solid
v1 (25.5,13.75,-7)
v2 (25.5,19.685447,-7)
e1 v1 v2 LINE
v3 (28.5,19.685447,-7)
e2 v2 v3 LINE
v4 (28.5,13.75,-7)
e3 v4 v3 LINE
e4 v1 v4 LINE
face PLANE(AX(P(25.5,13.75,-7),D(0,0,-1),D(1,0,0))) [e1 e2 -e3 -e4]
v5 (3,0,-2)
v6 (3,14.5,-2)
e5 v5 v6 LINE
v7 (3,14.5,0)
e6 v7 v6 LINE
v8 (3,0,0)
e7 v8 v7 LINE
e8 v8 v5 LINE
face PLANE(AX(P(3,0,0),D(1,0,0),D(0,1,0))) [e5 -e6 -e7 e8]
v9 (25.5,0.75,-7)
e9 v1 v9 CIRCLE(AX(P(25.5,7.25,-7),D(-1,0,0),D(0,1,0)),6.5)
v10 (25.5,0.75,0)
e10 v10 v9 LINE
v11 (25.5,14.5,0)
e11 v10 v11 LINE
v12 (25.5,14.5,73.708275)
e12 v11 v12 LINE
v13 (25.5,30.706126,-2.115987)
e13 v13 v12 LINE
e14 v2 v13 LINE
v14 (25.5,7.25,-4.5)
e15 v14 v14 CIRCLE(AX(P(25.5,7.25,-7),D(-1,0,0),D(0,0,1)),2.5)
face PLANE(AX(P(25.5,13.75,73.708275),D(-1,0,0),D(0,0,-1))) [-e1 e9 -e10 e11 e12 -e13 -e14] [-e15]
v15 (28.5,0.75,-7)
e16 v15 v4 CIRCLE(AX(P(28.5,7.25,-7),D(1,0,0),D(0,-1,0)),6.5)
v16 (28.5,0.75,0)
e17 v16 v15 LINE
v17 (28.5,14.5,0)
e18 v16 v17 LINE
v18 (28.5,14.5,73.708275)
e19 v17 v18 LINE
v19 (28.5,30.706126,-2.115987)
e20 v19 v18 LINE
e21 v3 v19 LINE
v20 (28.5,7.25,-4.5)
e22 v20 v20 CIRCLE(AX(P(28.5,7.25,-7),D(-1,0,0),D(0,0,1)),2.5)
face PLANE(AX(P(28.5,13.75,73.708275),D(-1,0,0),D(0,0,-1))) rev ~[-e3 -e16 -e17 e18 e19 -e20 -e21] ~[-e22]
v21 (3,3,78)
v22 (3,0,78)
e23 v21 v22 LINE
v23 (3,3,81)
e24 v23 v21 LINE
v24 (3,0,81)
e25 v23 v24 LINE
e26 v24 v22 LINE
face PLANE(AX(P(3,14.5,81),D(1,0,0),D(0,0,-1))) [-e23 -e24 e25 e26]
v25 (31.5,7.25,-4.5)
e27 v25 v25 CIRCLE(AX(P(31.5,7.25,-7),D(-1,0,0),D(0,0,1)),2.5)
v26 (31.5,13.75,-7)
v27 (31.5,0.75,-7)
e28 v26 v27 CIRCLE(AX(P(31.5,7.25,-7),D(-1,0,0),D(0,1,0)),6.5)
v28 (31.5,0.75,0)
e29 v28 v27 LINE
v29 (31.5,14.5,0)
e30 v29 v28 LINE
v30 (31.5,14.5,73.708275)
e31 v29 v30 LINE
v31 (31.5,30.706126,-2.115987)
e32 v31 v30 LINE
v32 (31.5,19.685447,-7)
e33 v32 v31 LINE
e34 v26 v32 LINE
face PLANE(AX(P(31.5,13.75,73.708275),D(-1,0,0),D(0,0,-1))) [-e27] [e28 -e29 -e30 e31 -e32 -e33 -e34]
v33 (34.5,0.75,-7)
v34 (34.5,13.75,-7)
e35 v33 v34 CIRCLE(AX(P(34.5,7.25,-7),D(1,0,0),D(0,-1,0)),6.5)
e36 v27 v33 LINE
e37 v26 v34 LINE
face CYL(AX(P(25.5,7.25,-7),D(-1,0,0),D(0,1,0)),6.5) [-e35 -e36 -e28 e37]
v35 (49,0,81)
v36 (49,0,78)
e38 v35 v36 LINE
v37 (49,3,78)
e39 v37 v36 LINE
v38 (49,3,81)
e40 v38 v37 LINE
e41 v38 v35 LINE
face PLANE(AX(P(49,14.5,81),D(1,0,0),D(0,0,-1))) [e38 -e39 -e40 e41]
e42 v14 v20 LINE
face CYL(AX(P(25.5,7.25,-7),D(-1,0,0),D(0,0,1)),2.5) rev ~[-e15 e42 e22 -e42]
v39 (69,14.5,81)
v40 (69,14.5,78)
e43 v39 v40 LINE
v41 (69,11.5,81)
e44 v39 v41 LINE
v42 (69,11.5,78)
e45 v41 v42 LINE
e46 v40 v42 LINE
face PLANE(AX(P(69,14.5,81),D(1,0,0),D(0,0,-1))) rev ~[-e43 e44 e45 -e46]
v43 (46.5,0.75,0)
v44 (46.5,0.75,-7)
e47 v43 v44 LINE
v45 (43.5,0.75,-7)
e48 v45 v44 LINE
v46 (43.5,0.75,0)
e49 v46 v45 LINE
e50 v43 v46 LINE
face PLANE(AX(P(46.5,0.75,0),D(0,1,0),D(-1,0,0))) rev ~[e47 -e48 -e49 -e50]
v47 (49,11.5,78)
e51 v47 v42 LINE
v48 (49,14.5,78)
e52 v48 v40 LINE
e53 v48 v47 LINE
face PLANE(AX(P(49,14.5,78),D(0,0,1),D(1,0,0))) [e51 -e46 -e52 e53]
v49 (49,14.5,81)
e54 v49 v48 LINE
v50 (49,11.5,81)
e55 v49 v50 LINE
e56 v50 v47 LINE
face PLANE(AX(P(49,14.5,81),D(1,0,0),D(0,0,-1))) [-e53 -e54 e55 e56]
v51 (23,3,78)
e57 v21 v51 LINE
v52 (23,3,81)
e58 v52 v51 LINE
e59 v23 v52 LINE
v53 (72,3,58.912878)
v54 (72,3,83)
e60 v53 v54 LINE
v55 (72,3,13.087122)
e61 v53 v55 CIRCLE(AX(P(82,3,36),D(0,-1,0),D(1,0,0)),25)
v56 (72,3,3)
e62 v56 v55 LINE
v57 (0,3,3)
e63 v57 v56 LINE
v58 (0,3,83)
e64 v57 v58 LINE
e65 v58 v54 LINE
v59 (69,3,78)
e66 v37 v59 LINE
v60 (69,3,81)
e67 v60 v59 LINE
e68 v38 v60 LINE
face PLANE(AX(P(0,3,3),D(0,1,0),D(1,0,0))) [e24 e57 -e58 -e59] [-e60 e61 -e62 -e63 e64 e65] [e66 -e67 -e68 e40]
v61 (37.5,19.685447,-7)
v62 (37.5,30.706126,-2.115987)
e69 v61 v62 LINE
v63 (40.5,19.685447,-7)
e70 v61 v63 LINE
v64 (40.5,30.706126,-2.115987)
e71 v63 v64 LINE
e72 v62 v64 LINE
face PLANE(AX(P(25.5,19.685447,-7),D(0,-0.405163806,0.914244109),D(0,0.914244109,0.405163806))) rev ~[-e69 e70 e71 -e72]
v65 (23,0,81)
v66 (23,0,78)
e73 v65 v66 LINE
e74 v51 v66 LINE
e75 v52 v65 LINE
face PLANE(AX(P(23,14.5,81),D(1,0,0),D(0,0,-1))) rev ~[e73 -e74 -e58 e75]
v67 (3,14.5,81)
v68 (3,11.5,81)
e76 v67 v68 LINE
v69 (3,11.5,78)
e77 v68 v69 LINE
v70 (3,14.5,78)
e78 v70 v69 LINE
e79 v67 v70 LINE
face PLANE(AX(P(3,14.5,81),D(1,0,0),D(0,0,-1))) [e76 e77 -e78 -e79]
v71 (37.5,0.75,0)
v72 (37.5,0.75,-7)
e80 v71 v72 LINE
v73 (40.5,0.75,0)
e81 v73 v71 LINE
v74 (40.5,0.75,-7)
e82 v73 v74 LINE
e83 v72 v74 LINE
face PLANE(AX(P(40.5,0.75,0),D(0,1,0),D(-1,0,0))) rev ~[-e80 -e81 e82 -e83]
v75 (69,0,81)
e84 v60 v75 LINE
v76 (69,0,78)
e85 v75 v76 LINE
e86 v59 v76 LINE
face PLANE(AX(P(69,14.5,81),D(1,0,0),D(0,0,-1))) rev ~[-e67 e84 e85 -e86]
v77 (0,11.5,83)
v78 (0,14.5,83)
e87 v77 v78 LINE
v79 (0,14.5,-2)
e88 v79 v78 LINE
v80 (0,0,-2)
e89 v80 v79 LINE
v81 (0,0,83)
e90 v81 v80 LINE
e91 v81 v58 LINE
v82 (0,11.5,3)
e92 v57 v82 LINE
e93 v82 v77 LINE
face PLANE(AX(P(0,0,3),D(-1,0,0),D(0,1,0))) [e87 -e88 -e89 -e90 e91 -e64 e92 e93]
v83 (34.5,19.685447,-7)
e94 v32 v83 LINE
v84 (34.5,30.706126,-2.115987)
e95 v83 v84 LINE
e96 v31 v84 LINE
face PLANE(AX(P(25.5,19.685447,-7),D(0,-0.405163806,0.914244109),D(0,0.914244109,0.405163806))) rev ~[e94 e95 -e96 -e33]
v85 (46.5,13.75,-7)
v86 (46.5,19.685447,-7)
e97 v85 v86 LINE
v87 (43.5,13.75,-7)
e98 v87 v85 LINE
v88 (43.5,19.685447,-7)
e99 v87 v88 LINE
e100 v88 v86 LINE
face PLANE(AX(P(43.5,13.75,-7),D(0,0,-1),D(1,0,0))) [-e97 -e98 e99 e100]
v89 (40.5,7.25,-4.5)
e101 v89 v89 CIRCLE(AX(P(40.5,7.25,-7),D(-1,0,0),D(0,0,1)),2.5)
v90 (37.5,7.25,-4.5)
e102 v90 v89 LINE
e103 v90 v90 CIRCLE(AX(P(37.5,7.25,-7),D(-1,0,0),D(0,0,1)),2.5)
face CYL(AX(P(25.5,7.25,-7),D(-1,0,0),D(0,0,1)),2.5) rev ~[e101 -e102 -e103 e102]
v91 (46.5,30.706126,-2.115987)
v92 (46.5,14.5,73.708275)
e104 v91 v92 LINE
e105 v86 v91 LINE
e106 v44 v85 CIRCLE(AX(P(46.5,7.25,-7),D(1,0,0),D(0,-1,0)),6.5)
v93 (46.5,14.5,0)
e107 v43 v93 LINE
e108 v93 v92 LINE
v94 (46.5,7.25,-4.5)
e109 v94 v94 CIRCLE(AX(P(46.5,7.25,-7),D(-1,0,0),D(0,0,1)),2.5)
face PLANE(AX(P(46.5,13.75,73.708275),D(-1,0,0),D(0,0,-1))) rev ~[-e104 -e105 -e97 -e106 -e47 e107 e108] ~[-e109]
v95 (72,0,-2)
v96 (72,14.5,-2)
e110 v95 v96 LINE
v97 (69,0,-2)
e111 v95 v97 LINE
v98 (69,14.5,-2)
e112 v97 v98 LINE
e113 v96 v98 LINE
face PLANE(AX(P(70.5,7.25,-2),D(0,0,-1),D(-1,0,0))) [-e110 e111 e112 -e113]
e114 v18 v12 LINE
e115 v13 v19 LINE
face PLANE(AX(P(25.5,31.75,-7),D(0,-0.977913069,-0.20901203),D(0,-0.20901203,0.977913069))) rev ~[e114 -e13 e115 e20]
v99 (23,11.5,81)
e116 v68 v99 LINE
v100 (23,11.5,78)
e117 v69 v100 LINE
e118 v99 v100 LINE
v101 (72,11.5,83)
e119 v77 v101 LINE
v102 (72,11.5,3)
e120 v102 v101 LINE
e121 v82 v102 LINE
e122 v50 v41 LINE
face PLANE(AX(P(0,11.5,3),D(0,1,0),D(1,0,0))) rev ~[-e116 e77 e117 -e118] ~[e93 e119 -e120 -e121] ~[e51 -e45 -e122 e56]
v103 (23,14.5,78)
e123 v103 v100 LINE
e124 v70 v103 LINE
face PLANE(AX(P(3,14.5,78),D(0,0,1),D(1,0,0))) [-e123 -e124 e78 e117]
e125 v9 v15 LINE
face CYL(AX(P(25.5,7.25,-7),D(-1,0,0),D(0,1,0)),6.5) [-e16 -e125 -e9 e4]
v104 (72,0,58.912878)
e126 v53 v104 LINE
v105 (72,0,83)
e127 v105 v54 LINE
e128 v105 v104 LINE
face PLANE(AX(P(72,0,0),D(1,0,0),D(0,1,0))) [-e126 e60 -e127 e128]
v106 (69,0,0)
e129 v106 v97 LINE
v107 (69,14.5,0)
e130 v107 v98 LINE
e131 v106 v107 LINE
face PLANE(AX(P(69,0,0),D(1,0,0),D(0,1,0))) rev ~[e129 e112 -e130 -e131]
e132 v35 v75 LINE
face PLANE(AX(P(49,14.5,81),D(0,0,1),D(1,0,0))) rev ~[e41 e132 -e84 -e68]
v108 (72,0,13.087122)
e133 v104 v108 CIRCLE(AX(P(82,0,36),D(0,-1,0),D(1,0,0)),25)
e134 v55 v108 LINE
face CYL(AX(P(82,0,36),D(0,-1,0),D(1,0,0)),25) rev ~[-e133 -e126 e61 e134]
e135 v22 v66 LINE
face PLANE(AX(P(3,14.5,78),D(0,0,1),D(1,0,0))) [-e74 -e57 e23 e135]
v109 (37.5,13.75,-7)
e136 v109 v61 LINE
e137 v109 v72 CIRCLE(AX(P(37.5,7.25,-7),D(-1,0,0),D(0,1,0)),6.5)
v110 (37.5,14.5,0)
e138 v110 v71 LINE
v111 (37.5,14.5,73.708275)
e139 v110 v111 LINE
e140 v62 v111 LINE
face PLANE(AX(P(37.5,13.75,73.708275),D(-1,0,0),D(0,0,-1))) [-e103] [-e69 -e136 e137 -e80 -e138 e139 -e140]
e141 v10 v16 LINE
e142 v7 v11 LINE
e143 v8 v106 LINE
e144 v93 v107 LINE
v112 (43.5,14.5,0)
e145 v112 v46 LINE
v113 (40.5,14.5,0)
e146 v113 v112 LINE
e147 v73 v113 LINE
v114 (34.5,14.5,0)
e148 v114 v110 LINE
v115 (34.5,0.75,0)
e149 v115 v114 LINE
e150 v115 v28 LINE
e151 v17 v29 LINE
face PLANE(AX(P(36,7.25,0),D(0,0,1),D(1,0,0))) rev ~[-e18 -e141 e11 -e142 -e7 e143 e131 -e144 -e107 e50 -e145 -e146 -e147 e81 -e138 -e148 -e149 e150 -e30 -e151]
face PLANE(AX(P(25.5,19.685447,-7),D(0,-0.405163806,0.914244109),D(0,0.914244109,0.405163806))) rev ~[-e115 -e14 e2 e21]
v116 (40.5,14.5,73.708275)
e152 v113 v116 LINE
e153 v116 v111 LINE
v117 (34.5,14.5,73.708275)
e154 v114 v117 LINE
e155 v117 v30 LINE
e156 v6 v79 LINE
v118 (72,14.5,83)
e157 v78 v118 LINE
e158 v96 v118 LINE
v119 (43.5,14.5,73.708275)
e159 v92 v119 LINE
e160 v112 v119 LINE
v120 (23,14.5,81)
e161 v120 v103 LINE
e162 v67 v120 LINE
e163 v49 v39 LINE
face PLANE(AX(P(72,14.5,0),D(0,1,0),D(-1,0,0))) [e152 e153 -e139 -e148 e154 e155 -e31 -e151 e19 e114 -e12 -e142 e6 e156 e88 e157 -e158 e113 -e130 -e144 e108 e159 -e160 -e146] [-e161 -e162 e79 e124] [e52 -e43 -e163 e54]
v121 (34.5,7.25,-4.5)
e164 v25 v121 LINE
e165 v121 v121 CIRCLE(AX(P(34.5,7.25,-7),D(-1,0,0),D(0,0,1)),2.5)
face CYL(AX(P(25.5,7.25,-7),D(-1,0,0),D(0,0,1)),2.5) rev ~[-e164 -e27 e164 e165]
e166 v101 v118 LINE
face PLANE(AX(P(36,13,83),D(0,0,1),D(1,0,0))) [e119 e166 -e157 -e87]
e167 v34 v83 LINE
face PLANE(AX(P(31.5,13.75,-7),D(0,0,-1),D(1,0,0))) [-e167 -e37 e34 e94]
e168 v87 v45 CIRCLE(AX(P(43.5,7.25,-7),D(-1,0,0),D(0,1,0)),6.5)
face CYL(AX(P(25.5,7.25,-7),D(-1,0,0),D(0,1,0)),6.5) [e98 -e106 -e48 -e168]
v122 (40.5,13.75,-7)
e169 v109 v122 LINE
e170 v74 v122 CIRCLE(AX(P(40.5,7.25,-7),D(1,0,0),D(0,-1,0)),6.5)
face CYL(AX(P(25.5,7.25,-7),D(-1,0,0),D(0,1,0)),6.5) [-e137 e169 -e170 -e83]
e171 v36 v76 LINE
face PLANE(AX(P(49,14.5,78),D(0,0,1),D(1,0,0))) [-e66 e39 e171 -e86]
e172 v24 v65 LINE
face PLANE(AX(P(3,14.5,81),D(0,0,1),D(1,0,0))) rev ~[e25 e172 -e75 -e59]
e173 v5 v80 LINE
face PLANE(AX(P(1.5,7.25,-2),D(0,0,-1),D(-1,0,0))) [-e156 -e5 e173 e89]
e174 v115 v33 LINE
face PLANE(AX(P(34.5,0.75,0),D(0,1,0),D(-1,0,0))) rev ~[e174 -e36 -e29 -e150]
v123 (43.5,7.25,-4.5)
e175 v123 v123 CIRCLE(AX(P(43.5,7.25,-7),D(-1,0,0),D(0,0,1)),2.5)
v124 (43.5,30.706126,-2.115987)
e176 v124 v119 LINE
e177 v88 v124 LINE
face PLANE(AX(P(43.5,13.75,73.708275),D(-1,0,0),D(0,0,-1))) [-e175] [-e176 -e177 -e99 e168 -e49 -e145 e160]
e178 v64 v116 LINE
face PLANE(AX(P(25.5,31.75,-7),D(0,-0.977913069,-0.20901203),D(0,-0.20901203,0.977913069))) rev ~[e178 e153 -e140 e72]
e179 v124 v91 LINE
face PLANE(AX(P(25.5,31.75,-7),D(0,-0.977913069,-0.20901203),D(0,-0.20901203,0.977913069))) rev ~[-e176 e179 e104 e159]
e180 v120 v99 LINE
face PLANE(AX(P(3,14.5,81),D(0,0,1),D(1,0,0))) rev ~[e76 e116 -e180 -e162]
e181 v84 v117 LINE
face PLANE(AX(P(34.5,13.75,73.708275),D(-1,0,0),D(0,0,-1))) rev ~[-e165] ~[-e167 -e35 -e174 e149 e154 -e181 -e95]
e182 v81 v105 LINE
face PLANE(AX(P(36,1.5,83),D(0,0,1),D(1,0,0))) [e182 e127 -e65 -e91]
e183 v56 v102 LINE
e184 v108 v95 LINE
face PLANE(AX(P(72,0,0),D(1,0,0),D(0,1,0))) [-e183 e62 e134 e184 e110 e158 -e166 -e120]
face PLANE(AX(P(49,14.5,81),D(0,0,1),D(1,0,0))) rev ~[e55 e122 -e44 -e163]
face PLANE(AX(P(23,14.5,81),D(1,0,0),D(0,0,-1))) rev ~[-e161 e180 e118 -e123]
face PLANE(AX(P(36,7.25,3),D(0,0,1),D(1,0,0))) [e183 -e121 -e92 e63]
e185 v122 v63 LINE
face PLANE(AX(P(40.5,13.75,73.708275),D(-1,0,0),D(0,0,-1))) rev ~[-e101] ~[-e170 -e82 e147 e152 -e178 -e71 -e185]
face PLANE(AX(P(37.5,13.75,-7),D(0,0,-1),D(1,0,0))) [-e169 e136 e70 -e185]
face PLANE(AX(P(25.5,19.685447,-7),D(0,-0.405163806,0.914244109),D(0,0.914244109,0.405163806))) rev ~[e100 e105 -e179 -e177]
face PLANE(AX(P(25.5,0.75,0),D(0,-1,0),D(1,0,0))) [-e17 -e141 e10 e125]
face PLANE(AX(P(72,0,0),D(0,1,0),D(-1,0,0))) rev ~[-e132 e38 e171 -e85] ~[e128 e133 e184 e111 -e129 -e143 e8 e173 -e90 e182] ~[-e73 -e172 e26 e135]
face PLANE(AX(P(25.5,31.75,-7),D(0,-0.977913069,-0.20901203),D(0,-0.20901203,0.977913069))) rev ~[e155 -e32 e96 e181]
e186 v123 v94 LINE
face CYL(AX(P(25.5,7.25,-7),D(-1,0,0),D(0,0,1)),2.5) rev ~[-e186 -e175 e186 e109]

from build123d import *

# Parameters (mm, degrees)
SKETCH_1_W          = 72
SKETCH_1_H          = 14.5
EXTRUDE_1_DEPTH     = 3
SKETCH_2_W          = 72
SKETCH_2_H          = 3
EXTRUDE_2_DEPTH     = 80
SKETCH_3_W          = 3
SKETCH_3_H          = 13
EXTRUDE_3_DEPTH     = 13.5
SKETCH_4_R          = 2.5
CUT_EXTRUDE_1_DEPTH = 21
SKETCH_5_W          = 20
SKETCH_5_H          = 3
CUT_EXTRUDE_2_DEPTH = 21
SKETCH_6_W          = 3
SKETCH_6_H          = 14.5
EXTRUDE_5_DEPTH     = 2
SKETCH_8_W          = 3
SKETCH_8_H          = 80.708275322
EXTRUDE_6_DEPTH     = 18
CUT_EXTRUDE_3_DEPTH = 21
SKETCH_12_R         = 25
CUT_EXTRUDE_5_DEPTH = 8
CUT_EXTRUDE_6_DEPTH = 31


with BuildPart() as part:
    # 草图1 → 凸台-拉伸1 (new body)
    with BuildSketch(Plane.XY):
        with Locations((36, 7.25)):
            Rectangle(SKETCH_1_W, SKETCH_1_H)
    extrude(amount=EXTRUDE_1_DEPTH)

    # 草图2 → 凸台-拉伸2 (add)
    with BuildSketch(Plane.XY.offset(3)):
        with Locations((36, 1.5)):
            Rectangle(SKETCH_2_W, SKETCH_2_H)
        with Locations((36, 13)):
            Rectangle(SKETCH_2_W, SKETCH_2_H)
    extrude(amount=EXTRUDE_2_DEPTH)

    # 草图3 → 凸台-拉伸3 (add)
    with BuildSketch(Plane(origin=(0, 0, 0), x_dir=(-1, 0, 0), z_dir=(0, 0, -1))):
        with Locations((-39, 7.25)):
            Rectangle(SKETCH_3_W, SKETCH_3_H)
        Polygon((-43.5, 0.75), (-43.5, 7.25), (-43.5, 13.75), (-46.5, 13.75), (-46.5, 0.75), align=None)
        with Locations((-33, 7.25)):
            Rectangle(SKETCH_3_W, SKETCH_3_H)
        Polygon((-28.5, 7.25), (-28.5, 13.75), (-25.5, 13.75), (-25.5, 0.75), (-28.5, 0.75), align=None)
    extrude(amount=EXTRUDE_3_DEPTH)

    # 草图4 → 切除-拉伸1 (cut)
    with BuildSketch(Plane.ZY.offset(-25.5)):
        with Locations((-7, 7.25)):
            Circle(SKETCH_4_R)
        with BuildLine():
            Line((-7, 0.75), (-7, -0.932690229))
            Line((-7, -0.932690229), (-15.150689601, -0.932690229))
            Line((-15.150689601, -0.932690229), (-15.150689601, 14.849085894))
            Line((-15.150689601, 14.849085894), (-7, 13.75))
            ThreePointArc((-7, 13.75), (-13.5, 7.25), (-7, 0.75))
        make_face()
    extrude(amount=-CUT_EXTRUDE_1_DEPTH, mode=Mode.SUBTRACT)

    # 草图5 → 切除-拉伸2 (cut)
    with BuildSketch(Plane(origin=(0, 14.5, 0), x_dir=(1, 0, 0), z_dir=(0, 1, 0))):
        with Locations((13, -79.5)):
            Rectangle(SKETCH_5_W, SKETCH_5_H)
        with Locations((59, -79.5)):
            Rectangle(SKETCH_5_W, SKETCH_5_H)
    extrude(amount=-CUT_EXTRUDE_2_DEPTH, mode=Mode.SUBTRACT)

    # 草图6 → 凸台-拉伸5 (add)
    with BuildSketch(Plane(origin=(0, 0, 0), x_dir=(-1, 0, 0), z_dir=(0, 0, -1))):
        with Locations((-70.5, 7.25)):
            Rectangle(SKETCH_6_W, SKETCH_6_H)
        with Locations((-1.5, 7.25)):
            Rectangle(SKETCH_6_W, SKETCH_6_H)
    extrude(amount=EXTRUDE_5_DEPTH)

    # 草图8 → 凸台-拉伸6 (add)
    with BuildSketch(Plane(origin=(0, 13.75, 0), x_dir=(1, 0, 0), z_dir=(0, 1, 0))):
        with Locations((27, -33.354137661)):
            Rectangle(SKETCH_8_W, SKETCH_8_H)
        with Locations((33, -33.354137661)):
            Rectangle(SKETCH_8_W, SKETCH_8_H)
        with Locations((39, -33.354137661)):
            Rectangle(SKETCH_8_W, SKETCH_8_H)
        with Locations((45, -33.354137661)):
            Rectangle(SKETCH_8_W, SKETCH_8_H)
    extrude(amount=EXTRUDE_6_DEPTH)

    # 草图9 → 切除-拉伸3 (cut)
    with BuildSketch(Plane.ZY.offset(-25.5)):
        Polygon((-7, 31.75), (73.708275322, 14.5), (73.708275322, 31.75), align=None)
    extrude(amount=-CUT_EXTRUDE_3_DEPTH, mode=Mode.SUBTRACT)

    # 草图12 → 切除-拉伸5 (cut)
    with BuildSketch(Plane.XZ):
        with Locations((82, 36)):
            Circle(SKETCH_12_R)
    extrude(amount=-CUT_EXTRUDE_5_DEPTH, mode=Mode.SUBTRACT)

    # 草图13 → 切除-拉伸6 (cut)
    with BuildSketch(Plane.ZY.offset(-25.5)):
        Polygon((-7, 19.685447093), (-2.115986675, 30.7061265), (-3.141307931, 37.349064324), (-11.498288127, 31.75), align=None)
    extrude(amount=-CUT_EXTRUDE_6_DEPTH, mode=Mode.SUBTRACT)


solid = part.part
